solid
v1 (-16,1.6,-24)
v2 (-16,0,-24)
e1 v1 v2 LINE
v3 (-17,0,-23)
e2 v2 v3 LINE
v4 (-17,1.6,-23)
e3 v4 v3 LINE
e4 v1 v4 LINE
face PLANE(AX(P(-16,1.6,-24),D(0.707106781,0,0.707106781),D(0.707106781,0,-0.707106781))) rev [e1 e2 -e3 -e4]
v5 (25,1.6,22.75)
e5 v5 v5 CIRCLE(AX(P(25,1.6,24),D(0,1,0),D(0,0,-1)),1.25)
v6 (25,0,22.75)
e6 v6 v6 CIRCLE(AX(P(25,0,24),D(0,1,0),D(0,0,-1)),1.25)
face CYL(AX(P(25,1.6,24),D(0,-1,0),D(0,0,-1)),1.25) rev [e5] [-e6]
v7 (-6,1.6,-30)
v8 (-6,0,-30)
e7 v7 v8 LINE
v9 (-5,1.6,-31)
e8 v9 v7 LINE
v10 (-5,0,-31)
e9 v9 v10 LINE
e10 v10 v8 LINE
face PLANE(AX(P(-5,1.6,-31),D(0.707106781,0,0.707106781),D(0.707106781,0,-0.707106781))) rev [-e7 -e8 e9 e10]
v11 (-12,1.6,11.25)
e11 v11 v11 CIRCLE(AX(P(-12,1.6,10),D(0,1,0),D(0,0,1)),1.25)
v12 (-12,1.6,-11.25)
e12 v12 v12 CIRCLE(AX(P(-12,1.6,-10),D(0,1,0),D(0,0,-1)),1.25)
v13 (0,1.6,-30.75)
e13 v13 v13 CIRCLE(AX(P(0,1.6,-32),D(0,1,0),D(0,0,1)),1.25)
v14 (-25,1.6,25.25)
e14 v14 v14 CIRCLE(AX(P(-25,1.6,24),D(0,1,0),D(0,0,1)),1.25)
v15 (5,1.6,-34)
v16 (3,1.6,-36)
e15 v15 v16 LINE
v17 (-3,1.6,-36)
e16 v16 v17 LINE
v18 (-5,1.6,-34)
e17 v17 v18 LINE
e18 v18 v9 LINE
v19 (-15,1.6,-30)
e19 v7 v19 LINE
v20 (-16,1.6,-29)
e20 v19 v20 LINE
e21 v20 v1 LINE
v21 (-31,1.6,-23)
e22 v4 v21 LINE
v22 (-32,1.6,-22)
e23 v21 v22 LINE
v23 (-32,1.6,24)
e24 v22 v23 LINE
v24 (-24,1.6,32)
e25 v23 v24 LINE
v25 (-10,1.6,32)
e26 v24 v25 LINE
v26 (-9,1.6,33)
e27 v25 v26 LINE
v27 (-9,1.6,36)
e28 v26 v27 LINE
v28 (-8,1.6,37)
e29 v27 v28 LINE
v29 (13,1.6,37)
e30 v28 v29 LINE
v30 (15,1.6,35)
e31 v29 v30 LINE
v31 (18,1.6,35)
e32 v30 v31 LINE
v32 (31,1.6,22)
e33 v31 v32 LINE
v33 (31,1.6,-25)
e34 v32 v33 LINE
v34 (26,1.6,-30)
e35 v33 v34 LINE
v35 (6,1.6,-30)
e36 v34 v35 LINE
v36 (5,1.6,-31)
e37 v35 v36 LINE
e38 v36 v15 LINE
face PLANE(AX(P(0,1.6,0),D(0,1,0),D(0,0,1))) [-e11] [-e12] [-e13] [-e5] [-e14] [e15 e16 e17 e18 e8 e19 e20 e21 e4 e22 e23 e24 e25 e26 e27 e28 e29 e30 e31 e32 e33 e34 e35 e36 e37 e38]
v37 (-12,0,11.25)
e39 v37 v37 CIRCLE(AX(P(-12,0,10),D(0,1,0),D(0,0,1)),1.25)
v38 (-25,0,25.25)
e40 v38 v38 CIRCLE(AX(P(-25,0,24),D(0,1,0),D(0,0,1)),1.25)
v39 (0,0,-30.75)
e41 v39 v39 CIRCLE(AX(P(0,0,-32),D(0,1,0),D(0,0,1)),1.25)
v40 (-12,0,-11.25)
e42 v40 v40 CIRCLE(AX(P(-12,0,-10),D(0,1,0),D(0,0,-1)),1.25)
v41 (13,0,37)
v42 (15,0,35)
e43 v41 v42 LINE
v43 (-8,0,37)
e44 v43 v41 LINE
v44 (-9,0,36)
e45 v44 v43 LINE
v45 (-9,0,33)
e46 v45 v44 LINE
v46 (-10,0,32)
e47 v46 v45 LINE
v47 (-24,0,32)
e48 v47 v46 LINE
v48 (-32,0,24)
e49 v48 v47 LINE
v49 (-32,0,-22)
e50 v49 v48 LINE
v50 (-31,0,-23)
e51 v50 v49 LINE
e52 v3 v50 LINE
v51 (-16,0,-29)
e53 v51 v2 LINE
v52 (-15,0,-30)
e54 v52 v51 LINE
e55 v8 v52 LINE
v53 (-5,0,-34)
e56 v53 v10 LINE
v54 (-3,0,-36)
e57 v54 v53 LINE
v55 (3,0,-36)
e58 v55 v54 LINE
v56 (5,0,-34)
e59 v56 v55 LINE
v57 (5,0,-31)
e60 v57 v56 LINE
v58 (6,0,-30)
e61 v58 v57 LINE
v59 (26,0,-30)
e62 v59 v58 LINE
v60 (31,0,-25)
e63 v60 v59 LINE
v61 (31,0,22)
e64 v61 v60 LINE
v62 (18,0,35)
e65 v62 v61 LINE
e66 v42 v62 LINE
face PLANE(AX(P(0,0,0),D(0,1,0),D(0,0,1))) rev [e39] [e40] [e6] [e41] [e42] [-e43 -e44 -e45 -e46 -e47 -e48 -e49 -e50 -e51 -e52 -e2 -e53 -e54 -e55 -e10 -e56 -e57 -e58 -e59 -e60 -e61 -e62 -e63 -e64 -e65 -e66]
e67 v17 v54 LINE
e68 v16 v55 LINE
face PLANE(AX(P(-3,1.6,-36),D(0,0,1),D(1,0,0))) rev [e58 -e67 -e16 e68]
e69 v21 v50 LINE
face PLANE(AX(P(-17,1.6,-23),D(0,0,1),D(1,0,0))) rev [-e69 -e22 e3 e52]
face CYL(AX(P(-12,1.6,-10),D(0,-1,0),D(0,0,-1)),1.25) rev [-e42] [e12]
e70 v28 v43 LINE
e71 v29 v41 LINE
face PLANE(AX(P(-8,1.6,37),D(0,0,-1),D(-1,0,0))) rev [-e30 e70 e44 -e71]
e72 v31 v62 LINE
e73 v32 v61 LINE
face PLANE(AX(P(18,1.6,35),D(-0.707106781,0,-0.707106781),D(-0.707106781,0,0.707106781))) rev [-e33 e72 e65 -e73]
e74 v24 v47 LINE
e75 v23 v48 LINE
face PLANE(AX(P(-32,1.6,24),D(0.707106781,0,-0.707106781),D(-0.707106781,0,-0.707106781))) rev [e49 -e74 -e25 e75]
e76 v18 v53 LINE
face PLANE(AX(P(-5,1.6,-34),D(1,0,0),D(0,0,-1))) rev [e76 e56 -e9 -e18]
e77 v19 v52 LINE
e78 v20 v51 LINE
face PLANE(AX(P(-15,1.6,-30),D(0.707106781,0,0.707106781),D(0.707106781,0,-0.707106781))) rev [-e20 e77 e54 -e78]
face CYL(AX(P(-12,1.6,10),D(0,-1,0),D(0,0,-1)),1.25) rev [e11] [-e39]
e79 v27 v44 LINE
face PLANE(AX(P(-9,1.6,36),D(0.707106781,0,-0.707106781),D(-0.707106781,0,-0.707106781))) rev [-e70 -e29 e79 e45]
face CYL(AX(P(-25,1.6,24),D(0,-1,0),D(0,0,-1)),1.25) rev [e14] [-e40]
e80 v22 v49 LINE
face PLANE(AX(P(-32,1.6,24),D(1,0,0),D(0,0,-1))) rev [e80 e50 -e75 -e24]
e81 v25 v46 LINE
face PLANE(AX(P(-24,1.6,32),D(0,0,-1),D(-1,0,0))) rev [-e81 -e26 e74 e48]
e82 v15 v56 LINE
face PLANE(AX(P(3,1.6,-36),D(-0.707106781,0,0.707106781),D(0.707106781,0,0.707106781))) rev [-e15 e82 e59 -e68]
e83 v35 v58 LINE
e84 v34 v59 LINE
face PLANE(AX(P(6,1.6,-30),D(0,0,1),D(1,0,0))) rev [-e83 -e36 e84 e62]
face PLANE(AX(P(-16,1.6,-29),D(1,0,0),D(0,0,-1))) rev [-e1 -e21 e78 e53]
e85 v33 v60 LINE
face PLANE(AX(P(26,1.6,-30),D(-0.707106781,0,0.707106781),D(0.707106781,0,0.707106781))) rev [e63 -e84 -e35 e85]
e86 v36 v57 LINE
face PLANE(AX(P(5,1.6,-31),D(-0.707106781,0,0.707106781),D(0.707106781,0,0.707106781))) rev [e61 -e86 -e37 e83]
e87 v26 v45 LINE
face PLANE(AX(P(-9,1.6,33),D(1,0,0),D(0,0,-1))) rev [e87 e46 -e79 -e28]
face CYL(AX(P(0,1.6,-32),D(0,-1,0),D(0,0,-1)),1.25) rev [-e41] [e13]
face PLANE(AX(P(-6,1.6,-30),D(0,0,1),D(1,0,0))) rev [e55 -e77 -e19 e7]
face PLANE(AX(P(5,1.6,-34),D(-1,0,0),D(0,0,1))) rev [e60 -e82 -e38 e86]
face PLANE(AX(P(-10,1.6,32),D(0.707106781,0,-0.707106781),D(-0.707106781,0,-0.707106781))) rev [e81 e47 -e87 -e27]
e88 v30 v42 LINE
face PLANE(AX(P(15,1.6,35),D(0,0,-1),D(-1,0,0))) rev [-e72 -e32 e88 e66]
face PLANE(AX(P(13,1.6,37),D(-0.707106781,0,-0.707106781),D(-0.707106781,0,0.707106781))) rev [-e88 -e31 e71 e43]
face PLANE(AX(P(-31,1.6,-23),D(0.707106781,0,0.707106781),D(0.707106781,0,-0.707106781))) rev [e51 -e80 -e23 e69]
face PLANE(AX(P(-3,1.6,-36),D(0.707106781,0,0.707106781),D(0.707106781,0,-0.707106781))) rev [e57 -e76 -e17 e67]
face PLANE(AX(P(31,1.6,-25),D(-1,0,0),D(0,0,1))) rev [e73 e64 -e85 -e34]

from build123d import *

# Parameters (mm, degrees)
SKETCH_1_R      = 1.25
EXTRUDE_1_DEPTH = 1.6


with BuildPart() as part:
    # Эскиз1 → Бобышка-Вытянуть1 (new body)
    with BuildSketch(Plane(origin=(0, 0, 0), x_dir=(1, 0, 0), z_dir=(0, 1, 0))):
        Polygon((-32, -24), (-32, 22), (-31, 23), (-17, 23), (-16, 24), (-16, 29), (-15, 30), (-6, 30), (-5, 31), (-5, 34), (-3, 36), (3, 36), (5, 34), (5, 31), (6, 30), (26, 30), (31, 25), (31, -22), (18, -35), (15, -35), (13, -37), (-8, -37), (-9, -36), (-9, -33), (-10, -32), (-24, -32), align=None)
        with Locations(Location((-25, -24, 0), (0, 0, 270))):
            Circle(SKETCH_1_R, mode=Mode.SUBTRACT)
        with Locations(Location((25, -24, 0), (0, 0, 90))):
            Circle(SKETCH_1_R, mode=Mode.SUBTRACT)
        with Locations(Location((0, 32, 0), (0, 0, 270))):
            Circle(SKETCH_1_R, mode=Mode.SUBTRACT)
        with Locations(Location((-12, -10, 0), (0, 0, 270))):
            Circle(SKETCH_1_R, mode=Mode.SUBTRACT)
        with Locations(Location((-12, 10, 0), (0, 0, 90))):
            Circle(SKETCH_1_R, mode=Mode.SUBTRACT)
    extrude(amount=EXTRUDE_1_DEPTH)


solid = part.part
